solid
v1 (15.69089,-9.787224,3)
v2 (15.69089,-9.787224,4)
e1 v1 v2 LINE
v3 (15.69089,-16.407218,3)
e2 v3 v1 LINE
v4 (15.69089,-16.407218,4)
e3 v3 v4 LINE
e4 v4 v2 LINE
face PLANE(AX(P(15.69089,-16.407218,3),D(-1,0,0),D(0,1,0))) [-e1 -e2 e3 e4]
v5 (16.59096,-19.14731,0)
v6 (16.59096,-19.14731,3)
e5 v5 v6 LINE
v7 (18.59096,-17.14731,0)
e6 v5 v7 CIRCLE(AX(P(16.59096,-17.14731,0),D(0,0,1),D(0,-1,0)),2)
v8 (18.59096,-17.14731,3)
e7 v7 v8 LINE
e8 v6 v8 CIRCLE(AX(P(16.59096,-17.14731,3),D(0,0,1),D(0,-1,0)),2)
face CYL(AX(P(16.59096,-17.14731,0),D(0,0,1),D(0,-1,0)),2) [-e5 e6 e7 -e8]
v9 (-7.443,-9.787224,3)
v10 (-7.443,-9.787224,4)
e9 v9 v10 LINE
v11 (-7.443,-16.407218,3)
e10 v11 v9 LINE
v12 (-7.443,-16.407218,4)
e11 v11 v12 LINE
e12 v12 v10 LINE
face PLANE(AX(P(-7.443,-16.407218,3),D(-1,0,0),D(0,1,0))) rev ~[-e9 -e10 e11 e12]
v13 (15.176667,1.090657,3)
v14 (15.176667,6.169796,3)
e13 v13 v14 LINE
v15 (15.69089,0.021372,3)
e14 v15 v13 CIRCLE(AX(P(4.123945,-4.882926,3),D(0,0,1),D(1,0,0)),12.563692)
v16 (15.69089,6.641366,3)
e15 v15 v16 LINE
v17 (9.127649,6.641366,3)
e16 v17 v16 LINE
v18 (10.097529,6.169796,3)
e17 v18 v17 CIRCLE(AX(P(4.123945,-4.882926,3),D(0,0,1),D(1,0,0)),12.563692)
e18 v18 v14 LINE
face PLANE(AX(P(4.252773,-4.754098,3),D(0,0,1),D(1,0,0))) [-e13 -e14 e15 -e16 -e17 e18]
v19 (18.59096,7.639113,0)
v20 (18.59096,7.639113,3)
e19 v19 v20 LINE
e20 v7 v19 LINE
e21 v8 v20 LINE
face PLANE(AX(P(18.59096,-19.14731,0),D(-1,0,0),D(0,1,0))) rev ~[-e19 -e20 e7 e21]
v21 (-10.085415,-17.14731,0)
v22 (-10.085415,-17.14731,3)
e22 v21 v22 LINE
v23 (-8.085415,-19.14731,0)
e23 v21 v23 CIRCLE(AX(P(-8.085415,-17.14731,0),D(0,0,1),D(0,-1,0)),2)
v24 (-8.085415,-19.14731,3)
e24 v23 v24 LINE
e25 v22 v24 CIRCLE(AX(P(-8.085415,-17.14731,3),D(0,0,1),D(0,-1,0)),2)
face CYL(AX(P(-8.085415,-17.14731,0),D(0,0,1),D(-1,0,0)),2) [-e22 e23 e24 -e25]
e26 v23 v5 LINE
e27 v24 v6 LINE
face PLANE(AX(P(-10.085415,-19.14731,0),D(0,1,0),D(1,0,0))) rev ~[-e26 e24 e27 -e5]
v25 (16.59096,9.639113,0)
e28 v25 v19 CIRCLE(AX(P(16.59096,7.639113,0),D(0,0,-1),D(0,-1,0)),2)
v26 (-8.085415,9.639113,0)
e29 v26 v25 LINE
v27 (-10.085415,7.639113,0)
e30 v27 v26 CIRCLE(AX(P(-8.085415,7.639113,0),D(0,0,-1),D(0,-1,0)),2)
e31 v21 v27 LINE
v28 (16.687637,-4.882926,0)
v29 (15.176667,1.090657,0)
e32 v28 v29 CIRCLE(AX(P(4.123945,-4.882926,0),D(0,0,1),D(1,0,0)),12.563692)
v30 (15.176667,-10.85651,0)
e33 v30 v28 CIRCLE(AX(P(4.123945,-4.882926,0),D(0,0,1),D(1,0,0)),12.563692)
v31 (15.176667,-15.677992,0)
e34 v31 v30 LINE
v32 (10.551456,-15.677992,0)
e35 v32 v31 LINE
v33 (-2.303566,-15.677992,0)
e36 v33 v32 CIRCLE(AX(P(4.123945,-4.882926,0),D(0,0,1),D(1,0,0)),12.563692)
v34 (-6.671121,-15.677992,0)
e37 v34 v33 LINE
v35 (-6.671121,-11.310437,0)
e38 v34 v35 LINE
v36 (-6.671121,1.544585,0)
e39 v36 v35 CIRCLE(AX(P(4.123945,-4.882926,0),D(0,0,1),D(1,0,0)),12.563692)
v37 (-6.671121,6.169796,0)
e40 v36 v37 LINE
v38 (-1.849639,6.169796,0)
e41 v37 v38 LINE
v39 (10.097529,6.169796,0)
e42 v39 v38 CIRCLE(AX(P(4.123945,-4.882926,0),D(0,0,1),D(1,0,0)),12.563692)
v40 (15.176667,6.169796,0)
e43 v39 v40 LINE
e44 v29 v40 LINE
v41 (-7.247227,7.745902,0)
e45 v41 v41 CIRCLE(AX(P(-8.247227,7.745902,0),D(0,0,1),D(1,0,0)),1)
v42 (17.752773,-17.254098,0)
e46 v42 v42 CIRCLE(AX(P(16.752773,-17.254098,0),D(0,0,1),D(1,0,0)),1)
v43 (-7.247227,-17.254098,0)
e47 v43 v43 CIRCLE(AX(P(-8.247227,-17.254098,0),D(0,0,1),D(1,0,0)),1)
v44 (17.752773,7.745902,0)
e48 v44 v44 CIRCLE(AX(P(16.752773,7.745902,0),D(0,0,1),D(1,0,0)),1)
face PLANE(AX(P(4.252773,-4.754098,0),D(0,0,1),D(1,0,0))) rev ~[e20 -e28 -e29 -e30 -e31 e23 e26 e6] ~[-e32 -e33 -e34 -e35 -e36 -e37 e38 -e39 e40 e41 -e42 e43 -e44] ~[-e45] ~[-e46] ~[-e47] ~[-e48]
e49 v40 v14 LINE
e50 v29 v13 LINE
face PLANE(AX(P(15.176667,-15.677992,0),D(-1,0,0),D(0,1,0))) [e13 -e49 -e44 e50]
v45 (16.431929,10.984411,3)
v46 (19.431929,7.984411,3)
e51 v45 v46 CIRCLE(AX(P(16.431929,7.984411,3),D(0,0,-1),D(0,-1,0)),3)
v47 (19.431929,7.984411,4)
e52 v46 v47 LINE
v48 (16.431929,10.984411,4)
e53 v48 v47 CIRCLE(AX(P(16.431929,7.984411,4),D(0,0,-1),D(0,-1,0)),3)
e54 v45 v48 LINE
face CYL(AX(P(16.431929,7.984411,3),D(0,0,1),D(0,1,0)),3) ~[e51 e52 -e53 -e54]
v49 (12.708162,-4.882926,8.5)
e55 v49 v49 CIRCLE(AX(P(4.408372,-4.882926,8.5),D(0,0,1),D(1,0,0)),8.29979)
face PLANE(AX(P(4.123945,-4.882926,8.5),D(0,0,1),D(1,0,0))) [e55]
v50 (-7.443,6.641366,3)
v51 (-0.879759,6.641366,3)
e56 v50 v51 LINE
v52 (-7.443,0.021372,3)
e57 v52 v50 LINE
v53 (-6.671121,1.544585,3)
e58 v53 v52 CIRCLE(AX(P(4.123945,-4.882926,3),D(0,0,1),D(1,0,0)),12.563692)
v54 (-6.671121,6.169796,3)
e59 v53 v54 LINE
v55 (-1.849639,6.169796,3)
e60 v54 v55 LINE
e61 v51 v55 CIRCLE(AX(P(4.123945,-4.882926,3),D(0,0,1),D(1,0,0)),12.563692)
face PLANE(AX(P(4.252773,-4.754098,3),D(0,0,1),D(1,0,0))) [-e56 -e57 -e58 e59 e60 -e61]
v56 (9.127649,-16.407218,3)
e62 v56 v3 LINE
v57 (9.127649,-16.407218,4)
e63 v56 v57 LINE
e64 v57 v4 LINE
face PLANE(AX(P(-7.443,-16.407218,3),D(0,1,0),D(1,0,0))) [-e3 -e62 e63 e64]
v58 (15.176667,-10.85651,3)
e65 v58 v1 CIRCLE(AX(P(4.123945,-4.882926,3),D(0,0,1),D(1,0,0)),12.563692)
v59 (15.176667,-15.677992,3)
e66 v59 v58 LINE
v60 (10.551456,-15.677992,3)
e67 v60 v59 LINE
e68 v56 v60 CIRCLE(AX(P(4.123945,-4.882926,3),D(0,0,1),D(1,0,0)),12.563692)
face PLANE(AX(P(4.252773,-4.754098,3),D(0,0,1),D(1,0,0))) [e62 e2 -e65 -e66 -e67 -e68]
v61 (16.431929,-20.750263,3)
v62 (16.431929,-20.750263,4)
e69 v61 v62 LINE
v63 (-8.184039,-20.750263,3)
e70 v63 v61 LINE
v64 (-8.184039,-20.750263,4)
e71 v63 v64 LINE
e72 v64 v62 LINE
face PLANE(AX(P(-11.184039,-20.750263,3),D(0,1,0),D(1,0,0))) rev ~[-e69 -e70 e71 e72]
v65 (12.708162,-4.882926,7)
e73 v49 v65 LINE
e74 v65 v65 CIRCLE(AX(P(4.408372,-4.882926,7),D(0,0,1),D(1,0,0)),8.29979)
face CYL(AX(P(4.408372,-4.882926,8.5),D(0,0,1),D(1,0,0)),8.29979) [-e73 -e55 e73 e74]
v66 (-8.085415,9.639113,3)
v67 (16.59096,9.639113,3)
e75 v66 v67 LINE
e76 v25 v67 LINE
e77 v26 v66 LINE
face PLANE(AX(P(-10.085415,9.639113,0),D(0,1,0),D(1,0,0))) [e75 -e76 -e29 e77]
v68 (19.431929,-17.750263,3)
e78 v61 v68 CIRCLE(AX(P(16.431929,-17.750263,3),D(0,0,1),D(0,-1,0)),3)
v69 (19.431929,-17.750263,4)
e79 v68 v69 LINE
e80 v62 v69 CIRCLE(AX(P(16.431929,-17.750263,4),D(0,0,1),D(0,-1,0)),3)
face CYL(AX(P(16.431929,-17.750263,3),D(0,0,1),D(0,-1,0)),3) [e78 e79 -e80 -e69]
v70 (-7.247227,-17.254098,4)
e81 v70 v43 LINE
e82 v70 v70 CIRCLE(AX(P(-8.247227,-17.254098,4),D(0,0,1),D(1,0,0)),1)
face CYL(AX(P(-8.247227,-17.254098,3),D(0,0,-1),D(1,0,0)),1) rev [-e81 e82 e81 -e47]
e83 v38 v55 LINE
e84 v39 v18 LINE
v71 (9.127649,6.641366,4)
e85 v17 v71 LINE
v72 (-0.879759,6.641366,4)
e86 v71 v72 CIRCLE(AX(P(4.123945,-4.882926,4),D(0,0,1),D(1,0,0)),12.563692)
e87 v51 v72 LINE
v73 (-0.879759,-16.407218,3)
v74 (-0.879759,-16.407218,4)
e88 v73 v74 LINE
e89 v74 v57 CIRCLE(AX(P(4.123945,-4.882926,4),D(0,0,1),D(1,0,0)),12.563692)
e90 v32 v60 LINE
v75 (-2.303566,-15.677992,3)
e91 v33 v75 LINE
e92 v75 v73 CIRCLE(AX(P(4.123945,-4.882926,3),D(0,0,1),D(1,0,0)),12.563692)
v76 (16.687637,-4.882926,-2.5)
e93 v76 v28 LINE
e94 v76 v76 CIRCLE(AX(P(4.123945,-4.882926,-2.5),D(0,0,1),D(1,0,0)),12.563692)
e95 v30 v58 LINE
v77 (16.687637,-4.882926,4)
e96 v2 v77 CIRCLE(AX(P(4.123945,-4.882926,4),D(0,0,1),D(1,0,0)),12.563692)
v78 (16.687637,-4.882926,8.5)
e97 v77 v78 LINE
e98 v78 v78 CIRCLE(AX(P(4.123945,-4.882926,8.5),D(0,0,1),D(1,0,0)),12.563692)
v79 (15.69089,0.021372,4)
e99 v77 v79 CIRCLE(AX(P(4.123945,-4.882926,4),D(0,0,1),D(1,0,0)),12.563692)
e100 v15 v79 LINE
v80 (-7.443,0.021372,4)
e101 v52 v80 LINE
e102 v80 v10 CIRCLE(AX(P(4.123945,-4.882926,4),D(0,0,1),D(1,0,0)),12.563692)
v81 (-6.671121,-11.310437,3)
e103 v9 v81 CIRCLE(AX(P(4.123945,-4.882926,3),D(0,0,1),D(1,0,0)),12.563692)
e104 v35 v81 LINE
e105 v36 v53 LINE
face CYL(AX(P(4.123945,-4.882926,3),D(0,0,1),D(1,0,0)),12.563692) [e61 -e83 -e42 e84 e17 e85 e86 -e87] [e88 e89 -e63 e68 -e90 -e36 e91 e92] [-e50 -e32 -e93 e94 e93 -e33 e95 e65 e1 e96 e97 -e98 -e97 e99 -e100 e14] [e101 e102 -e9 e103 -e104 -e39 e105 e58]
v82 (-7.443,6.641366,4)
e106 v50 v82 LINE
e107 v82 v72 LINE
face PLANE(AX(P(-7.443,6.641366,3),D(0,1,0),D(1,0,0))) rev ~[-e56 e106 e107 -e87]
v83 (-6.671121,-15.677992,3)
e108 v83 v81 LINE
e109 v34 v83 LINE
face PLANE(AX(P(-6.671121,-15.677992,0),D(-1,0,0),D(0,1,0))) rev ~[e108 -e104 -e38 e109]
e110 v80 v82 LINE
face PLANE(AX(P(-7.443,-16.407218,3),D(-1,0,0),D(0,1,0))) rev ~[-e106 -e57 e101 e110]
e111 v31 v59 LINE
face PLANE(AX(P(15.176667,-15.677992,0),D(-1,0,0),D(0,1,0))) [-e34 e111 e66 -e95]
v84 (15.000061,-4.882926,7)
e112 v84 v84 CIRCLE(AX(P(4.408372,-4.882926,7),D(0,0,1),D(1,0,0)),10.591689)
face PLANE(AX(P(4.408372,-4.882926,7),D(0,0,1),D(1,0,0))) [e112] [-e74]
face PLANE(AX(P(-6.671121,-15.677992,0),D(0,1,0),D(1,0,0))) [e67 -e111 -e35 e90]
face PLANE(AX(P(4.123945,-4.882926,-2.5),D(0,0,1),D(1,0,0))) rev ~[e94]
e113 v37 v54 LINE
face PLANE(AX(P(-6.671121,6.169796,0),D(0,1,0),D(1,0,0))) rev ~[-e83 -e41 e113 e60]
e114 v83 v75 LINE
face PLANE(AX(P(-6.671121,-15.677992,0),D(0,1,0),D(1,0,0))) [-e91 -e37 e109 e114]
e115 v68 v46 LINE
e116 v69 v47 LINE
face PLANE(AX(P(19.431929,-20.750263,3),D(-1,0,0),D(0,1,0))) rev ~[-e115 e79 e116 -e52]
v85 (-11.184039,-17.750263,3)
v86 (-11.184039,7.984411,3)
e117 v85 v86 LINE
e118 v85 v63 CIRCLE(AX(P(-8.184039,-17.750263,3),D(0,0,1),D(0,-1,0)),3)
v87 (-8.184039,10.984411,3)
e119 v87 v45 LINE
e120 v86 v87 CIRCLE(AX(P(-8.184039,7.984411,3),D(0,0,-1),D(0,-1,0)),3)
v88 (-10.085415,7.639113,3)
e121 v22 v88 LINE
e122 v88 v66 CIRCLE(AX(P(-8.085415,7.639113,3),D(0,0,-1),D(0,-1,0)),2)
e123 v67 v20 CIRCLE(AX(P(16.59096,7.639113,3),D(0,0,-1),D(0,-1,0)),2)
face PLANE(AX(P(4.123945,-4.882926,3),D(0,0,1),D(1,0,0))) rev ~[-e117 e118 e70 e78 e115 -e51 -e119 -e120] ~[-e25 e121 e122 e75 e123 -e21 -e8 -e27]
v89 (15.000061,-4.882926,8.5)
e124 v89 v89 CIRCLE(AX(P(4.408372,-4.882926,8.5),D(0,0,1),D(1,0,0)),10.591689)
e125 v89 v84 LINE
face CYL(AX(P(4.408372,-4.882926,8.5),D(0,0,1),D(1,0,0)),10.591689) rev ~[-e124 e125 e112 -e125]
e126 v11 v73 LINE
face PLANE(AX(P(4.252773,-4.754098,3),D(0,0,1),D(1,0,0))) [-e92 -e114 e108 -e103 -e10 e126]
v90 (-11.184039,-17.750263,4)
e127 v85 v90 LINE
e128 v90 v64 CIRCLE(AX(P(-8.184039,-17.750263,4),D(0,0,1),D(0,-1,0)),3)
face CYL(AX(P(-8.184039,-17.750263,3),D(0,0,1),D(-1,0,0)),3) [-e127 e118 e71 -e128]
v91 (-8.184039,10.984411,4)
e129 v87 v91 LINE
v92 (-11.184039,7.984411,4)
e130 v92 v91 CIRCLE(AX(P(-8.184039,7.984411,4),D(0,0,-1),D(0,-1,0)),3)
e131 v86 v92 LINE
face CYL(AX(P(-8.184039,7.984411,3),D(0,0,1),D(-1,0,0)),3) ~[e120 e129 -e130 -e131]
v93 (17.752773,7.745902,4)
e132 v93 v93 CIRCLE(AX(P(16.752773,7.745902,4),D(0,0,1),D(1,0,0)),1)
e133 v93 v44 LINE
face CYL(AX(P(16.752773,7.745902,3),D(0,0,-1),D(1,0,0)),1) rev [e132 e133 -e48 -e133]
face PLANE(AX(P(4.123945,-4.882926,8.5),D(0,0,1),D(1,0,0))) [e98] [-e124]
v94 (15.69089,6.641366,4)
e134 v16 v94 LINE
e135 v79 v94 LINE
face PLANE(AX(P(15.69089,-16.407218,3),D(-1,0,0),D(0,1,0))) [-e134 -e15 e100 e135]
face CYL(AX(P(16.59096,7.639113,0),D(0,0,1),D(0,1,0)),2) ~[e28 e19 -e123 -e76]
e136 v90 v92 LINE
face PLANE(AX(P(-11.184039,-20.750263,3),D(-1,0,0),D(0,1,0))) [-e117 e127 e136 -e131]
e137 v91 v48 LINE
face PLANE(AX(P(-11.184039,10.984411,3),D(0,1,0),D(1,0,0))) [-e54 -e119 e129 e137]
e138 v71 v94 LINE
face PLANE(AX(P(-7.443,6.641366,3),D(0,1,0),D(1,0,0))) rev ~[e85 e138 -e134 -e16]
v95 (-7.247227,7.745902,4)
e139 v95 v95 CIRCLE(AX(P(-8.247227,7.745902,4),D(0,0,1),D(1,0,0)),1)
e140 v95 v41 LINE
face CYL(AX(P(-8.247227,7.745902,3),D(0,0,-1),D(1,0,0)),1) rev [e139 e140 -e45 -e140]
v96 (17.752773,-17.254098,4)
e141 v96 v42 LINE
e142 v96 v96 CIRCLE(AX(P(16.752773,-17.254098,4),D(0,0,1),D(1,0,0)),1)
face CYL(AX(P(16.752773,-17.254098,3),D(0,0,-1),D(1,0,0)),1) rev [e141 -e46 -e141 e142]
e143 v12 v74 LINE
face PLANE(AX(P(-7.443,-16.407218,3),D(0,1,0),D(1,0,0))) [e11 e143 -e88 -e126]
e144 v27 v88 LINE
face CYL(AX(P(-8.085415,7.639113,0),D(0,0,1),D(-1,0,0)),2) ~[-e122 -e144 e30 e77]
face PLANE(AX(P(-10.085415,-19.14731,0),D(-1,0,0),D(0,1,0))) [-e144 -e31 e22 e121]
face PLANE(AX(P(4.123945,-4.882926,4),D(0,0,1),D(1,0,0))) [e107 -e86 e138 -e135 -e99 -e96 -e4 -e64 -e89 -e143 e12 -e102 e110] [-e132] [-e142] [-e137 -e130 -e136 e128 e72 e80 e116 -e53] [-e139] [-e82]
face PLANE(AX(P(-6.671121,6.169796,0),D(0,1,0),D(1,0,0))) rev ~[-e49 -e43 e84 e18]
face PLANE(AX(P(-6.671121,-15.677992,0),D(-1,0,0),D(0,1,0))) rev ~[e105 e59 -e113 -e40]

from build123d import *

# Parameters (mm, degrees)
SKETCH_1_W          = 28.676374442
SKETCH_1_H          = 28.786423303
SKETCH_1_R          = 1
SKETCH_1_W_2        = 21.847787884
SKETCH_1_H_2        = 21.847787883
EXTRUDE_1_DEPTH     = 3
FILLET_1_R          = 2
SKETCH_2_R          = 12.563691981
EXTRUDE_2_DEPTH     = 5.5
SKETCH_3_W          = 30.61596727
SKETCH_3_H          = 31.734673245
SKETCH_3_R          = 1
SKETCH_3_W_2        = 23.133890408
SKETCH_3_H_2        = 23.048584014
EXTRUDE_3_DEPTH     = 1
SKETCH_5_R          = 10.591689203
SKETCH_5_R_2        = 8.299790342
CUT_EXTRUDE_1_DEPTH = 1.5
FILLET_2_R          = 3


with BuildPart() as part:
    # 草图1 → 凸台-拉伸1 (new body)
    with BuildSketch(Plane.XY):
        with Locations((4.252772695, -4.754098361)):
            Rectangle(SKETCH_1_W, SKETCH_1_H)
        with Locations((-8.247227305, 7.745901639)):
            Circle(SKETCH_1_R, mode=Mode.SUBTRACT)
        with Locations((16.752772695, 7.745901639)):
            Circle(SKETCH_1_R, mode=Mode.SUBTRACT)
        with Locations((16.752772695, -17.254098361)):
            Circle(SKETCH_1_R, mode=Mode.SUBTRACT)
        with Locations((-8.247227305, -17.254098361)):
            Circle(SKETCH_1_R, mode=Mode.SUBTRACT)
        with Locations((4.252772695, -4.754098361)):
            Rectangle(SKETCH_1_W_2, SKETCH_1_H_2, mode=Mode.SUBTRACT)
    extrude(amount=EXTRUDE_1_DEPTH)

    # 圆角1
    fillet_1_edges = [part.edges().sort_by_distance(p)[0] for p in [
        (18.590959916, -19.147310012, 1.5),
        (-10.085414526, -19.147310012, 1.5),
        (-10.085414526, 9.639113291, 1.5),
        (18.590959916, 9.639113291, 1.5),
    ]]
    fillet(fillet_1_edges, radius=FILLET_1_R)

    # 草图2 → 凸台-拉伸2 (add, symmetric)
    with BuildSketch(Plane.XY.offset(3)):
        with Locations((4.123944992, -4.882926064)):
            Circle(SKETCH_2_R)
    extrude(amount=EXTRUDE_2_DEPTH, both=True)

    # 草图3 → 凸台-拉伸3 (add)
    with BuildSketch(Plane.XY.offset(3)):
        with Locations((4.123944992, -4.882926064)):
            Rectangle(SKETCH_3_W, SKETCH_3_H)
        with Locations((-8.247227305, 7.745901639)):
            Circle(SKETCH_3_R, mode=Mode.SUBTRACT)
        with Locations((-8.247227305, -17.254098361)):
            Circle(SKETCH_3_R, mode=Mode.SUBTRACT)
        with Locations((16.752772695, -17.254098361)):
            Circle(SKETCH_3_R, mode=Mode.SUBTRACT)
        with Locations((16.752772695, 7.745901639)):
            Circle(SKETCH_3_R, mode=Mode.SUBTRACT)
        with Locations((4.123944992, -4.882926064)):
            Rectangle(SKETCH_3_W_2, SKETCH_3_H_2, mode=Mode.SUBTRACT)
    extrude(amount=EXTRUDE_3_DEPTH)

    # 草图5 → 切除-拉伸1 (cut)
    with BuildSketch(Plane.XY.offset(8.5)):
        with Locations((4.408371776, -4.882926064)):
            Circle(SKETCH_5_R)
        with Locations((4.408371776, -4.882926064)):
            Circle(SKETCH_5_R_2, mode=Mode.SUBTRACT)
    extrude(amount=-CUT_EXTRUDE_1_DEPTH, mode=Mode.SUBTRACT)

    # 圆角2
    fillet_2_edges = [part.edges().sort_by_distance(p)[0] for p in [
        (19.431928627, -20.750262686, 3.5),
        (19.431928627, 10.984410559, 3.5),
        (-11.184038643, 10.984410559, 3.5),
        (-11.184038643, -20.750262686, 3.5),
    ]]
    fillet(fillet_2_edges, radius=FILLET_2_R)


solid = part.part
